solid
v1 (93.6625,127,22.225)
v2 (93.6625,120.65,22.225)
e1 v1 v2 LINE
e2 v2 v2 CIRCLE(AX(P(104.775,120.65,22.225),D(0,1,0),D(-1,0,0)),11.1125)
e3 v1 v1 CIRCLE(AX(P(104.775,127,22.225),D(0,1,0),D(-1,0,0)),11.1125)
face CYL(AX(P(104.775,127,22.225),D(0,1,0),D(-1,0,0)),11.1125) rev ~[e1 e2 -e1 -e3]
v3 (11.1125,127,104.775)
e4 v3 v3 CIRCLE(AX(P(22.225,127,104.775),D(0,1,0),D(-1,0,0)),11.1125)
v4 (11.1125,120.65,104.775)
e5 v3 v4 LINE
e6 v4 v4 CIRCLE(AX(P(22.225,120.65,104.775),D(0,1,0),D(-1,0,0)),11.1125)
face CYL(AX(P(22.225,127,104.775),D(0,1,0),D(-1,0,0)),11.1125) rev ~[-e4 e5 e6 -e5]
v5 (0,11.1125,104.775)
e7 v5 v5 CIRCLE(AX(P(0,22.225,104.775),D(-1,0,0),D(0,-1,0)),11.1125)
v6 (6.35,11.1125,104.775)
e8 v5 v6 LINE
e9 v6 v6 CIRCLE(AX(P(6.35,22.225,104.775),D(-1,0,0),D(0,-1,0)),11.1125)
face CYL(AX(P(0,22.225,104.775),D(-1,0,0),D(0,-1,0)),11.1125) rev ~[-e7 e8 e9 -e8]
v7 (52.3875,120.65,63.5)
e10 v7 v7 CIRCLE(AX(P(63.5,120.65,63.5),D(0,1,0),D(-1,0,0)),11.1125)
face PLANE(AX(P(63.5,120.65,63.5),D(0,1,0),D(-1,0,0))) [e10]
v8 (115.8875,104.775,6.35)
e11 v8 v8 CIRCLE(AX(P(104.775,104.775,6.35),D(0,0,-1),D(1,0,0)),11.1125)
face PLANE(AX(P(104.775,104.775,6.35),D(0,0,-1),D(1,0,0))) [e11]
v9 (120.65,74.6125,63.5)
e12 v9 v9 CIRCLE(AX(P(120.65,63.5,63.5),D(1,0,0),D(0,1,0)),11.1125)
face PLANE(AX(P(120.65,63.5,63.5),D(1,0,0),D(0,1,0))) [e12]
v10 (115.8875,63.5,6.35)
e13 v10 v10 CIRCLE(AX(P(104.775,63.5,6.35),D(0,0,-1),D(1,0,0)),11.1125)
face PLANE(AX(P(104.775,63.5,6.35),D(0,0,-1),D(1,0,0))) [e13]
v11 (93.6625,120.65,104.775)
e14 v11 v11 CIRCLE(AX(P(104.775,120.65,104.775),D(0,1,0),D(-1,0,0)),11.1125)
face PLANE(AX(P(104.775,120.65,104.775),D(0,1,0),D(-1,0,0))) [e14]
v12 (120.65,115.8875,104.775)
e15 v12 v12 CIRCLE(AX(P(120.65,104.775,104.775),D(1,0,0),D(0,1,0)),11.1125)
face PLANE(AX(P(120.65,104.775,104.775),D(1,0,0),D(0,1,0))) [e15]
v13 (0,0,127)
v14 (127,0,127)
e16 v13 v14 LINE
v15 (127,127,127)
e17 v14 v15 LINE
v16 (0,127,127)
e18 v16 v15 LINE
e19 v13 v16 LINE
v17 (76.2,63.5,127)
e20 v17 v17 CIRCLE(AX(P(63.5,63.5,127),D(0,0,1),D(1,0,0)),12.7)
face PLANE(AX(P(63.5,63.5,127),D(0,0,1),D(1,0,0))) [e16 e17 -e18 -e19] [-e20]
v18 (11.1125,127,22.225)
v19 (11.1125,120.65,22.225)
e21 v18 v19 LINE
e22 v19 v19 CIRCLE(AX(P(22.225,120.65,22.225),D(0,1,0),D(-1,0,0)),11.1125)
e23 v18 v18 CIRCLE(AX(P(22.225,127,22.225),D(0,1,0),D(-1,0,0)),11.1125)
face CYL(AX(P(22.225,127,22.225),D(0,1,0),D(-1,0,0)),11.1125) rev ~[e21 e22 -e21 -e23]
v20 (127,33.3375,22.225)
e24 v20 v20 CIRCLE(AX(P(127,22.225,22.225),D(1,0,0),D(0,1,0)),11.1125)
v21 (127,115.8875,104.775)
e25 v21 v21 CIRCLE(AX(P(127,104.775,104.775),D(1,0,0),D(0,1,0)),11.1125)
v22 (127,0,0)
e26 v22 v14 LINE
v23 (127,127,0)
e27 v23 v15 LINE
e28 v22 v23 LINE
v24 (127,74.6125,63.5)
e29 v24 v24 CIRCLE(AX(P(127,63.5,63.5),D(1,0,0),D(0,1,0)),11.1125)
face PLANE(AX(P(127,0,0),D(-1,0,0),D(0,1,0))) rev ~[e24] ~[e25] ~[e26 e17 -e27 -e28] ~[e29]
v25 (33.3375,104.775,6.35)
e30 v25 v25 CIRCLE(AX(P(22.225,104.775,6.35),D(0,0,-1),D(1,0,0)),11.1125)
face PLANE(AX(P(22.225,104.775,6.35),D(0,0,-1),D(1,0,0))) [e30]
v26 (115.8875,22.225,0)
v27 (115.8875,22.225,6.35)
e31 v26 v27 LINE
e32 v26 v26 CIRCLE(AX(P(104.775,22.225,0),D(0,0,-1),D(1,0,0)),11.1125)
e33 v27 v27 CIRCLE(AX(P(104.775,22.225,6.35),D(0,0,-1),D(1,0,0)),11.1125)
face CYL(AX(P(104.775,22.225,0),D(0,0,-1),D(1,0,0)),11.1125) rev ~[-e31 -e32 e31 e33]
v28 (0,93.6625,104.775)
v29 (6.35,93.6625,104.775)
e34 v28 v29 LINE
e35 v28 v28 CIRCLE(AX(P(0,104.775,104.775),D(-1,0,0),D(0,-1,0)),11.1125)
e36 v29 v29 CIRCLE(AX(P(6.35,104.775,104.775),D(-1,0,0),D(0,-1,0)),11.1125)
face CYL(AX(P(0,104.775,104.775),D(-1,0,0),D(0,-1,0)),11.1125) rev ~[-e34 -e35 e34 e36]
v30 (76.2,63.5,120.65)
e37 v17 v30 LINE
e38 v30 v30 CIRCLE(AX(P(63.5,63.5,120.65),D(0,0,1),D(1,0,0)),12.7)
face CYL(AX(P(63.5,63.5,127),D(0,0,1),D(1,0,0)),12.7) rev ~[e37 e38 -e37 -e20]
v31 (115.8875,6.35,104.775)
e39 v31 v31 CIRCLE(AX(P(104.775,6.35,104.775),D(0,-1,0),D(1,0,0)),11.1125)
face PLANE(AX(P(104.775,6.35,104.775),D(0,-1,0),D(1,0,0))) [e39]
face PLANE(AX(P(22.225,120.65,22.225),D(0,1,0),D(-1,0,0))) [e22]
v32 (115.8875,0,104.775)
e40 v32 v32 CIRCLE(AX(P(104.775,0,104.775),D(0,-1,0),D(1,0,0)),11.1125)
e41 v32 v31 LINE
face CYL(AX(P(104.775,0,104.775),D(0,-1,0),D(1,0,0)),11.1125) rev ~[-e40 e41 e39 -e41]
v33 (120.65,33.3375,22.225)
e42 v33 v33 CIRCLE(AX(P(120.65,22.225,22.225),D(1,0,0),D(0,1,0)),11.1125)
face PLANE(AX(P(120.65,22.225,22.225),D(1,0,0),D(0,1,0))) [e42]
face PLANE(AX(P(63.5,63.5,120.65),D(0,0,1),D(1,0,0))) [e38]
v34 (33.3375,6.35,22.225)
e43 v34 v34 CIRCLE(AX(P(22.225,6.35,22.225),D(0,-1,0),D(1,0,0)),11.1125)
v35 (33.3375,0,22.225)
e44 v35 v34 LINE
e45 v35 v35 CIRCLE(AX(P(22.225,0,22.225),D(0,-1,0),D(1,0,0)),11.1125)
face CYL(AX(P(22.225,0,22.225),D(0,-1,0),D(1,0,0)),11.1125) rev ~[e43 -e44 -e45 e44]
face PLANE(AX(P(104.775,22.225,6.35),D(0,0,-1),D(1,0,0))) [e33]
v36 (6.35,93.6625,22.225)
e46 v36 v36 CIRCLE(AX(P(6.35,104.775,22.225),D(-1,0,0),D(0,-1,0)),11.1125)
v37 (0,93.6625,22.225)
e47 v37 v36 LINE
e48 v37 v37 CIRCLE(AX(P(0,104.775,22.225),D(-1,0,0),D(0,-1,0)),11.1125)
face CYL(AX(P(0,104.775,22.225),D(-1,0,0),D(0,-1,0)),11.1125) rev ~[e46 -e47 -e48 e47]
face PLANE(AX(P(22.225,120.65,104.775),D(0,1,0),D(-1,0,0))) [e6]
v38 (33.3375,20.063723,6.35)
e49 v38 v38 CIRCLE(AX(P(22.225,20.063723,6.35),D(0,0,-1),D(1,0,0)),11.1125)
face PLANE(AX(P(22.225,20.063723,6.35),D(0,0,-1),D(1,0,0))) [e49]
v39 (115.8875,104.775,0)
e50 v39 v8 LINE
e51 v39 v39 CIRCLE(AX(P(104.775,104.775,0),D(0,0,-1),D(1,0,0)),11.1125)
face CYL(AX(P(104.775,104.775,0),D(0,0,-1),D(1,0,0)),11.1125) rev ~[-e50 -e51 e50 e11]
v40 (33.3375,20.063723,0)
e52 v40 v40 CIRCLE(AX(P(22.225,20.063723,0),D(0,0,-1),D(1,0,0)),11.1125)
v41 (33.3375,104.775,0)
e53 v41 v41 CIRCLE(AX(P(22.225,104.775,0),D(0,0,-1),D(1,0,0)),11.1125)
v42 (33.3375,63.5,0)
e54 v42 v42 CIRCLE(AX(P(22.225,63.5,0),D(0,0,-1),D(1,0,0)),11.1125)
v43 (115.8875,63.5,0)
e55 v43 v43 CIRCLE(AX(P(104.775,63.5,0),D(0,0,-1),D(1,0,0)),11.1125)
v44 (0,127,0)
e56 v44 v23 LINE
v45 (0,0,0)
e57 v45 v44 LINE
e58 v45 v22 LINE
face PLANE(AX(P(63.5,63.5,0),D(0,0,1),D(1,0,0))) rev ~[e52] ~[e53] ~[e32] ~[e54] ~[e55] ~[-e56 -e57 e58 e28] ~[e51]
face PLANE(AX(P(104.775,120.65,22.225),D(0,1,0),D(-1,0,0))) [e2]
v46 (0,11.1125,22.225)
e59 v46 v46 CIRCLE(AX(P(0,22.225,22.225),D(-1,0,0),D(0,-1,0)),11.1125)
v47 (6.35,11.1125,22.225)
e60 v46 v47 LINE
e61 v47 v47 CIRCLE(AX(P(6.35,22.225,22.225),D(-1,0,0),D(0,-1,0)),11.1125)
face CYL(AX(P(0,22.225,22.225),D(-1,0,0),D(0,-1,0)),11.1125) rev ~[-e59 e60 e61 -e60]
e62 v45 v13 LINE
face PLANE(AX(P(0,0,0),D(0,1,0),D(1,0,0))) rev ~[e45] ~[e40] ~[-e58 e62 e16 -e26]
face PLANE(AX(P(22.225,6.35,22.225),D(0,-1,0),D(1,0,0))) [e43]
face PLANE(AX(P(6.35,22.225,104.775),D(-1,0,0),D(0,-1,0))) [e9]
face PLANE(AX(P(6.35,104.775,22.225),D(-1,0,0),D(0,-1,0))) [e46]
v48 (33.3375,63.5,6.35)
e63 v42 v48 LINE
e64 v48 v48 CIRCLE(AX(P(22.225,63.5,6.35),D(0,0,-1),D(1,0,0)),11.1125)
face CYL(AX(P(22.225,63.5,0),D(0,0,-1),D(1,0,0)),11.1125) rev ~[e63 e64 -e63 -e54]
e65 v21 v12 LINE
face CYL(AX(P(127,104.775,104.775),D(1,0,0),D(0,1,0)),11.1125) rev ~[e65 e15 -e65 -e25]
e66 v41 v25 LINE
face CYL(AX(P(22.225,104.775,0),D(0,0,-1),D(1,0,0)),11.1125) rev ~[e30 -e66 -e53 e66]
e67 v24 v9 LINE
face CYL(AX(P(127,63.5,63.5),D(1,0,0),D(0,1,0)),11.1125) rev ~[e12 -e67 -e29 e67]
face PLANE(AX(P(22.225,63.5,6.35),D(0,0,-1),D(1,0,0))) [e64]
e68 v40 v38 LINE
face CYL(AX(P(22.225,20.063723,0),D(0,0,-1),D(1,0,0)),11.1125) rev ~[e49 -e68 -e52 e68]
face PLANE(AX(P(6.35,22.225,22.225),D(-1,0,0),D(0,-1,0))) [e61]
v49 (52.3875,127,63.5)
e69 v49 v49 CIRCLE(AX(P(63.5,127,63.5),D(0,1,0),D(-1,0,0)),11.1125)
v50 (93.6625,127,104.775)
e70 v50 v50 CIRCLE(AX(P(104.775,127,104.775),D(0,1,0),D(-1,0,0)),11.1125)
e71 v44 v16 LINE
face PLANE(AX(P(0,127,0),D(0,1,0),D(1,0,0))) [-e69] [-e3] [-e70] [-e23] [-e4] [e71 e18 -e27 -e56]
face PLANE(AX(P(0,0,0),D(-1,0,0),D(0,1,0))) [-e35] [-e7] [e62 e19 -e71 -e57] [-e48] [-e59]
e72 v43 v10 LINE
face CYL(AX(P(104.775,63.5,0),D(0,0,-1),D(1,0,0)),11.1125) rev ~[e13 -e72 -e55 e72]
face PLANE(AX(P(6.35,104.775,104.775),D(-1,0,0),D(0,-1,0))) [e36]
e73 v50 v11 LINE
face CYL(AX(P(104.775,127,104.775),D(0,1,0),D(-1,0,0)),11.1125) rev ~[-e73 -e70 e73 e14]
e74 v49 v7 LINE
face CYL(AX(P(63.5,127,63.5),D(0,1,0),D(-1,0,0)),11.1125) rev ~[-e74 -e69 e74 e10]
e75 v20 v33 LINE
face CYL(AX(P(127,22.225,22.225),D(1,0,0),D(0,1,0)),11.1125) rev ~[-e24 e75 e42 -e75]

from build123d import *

# Parameters (mm, degrees)
F0_W      = 127
F0_H      = 127
F1_DEPTH  = 127
F2_R      = 12.7
F3_DEPTH  = 6.35
F4_R      = 11.1125
F5_DEPTH  = 6.35
F6_R      = 11.1125
F7_DEPTH  = 6.35
F8_R      = 11.1125
F9_DEPTH  = 6.35
F10_R     = 11.1125
F11_DEPTH = 6.35
F12_R     = 11.1125
F13_DEPTH = 6.35


with BuildPart() as f1:
    # F0 (on Top) → F1 (new body)
    with BuildSketch(Plane.XY):
        with Locations((63.5, 63.5)):
            Rectangle(F0_W, F0_H)
    extrude(amount=F1_DEPTH)

    # F2 (on face) → F3 (cut)
    with BuildSketch(Plane.XY.offset(127)):
        with Locations((63.5, 63.5)):
            Circle(F2_R)
    extrude(amount=-F3_DEPTH, mode=Mode.SUBTRACT)

    # F4 (on face) → F5 (cut)
    with BuildSketch(Plane.XZ):
        with Locations((22.225, 22.225)):
            Circle(F4_R)
        with Locations((104.775, 104.775)):
            Circle(F4_R)
    extrude(amount=-F5_DEPTH, mode=Mode.SUBTRACT)

    # F6 (on face) → F7 (cut)
    with BuildSketch(Plane.YZ.offset(127)):
        with Locations((63.5, 63.5)):
            Circle(F6_R)
        with Locations((22.225, 22.225)):
            Circle(F6_R)
        with Locations((104.775, 104.775)):
            Circle(F6_R)
    extrude(amount=-F7_DEPTH, mode=Mode.SUBTRACT)

    # F8 (on face) → F9 (cut)
    with BuildSketch(Plane(origin=(0, 0, 0), x_dir=(0, -1, 0), z_dir=(-1, 0, 0))):
        with Locations((-104.775, 104.775)):
            Circle(F8_R)
        with Locations((-104.775, 22.225)):
            Circle(F8_R)
        with Locations((-22.225, 104.775)):
            Circle(F8_R)
        with Locations((-22.225, 22.225)):
            Circle(F8_R)
    extrude(amount=-F9_DEPTH, mode=Mode.SUBTRACT)

    # F10 (on face) → F11 (cut)
    with BuildSketch(Plane(origin=(0, 127, 0), x_dir=(-1, 0, 0), z_dir=(0, 1, 0))):
        with Locations((-104.775, 104.775)):
            Circle(F10_R)
        with Locations((-63.5, 63.5)):
            Circle(F10_R)
        with Locations((-22.225, 22.225)):
            Circle(F10_R)
        with Locations((-104.775, 22.225)):
            Circle(F10_R)
        with Locations((-22.225, 104.775)):
            Circle(F10_R)
    extrude(amount=-F11_DEPTH, mode=Mode.SUBTRACT)

    # F12 (on face) → F13 (cut)
    with BuildSketch(Plane(origin=(0, 0, 0), x_dir=(1, 0, 0), z_dir=(0, 0, -1))):
        with Locations((104.775, -104.775)):
            Circle(F12_R)
        with Locations((104.775, -63.5)):
            Circle(F12_R)
        with Locations((104.775, -22.225)):
            Circle(F12_R)
        with Locations((22.225, -63.5)):
            Circle(F12_R)
        with Locations((22.225, -104.775)):
            Circle(F12_R)
        with Locations((22.225, -20.063723)):
            Circle(F12_R)
    extrude(amount=-F13_DEPTH, mode=Mode.SUBTRACT)


solid = f1.part
